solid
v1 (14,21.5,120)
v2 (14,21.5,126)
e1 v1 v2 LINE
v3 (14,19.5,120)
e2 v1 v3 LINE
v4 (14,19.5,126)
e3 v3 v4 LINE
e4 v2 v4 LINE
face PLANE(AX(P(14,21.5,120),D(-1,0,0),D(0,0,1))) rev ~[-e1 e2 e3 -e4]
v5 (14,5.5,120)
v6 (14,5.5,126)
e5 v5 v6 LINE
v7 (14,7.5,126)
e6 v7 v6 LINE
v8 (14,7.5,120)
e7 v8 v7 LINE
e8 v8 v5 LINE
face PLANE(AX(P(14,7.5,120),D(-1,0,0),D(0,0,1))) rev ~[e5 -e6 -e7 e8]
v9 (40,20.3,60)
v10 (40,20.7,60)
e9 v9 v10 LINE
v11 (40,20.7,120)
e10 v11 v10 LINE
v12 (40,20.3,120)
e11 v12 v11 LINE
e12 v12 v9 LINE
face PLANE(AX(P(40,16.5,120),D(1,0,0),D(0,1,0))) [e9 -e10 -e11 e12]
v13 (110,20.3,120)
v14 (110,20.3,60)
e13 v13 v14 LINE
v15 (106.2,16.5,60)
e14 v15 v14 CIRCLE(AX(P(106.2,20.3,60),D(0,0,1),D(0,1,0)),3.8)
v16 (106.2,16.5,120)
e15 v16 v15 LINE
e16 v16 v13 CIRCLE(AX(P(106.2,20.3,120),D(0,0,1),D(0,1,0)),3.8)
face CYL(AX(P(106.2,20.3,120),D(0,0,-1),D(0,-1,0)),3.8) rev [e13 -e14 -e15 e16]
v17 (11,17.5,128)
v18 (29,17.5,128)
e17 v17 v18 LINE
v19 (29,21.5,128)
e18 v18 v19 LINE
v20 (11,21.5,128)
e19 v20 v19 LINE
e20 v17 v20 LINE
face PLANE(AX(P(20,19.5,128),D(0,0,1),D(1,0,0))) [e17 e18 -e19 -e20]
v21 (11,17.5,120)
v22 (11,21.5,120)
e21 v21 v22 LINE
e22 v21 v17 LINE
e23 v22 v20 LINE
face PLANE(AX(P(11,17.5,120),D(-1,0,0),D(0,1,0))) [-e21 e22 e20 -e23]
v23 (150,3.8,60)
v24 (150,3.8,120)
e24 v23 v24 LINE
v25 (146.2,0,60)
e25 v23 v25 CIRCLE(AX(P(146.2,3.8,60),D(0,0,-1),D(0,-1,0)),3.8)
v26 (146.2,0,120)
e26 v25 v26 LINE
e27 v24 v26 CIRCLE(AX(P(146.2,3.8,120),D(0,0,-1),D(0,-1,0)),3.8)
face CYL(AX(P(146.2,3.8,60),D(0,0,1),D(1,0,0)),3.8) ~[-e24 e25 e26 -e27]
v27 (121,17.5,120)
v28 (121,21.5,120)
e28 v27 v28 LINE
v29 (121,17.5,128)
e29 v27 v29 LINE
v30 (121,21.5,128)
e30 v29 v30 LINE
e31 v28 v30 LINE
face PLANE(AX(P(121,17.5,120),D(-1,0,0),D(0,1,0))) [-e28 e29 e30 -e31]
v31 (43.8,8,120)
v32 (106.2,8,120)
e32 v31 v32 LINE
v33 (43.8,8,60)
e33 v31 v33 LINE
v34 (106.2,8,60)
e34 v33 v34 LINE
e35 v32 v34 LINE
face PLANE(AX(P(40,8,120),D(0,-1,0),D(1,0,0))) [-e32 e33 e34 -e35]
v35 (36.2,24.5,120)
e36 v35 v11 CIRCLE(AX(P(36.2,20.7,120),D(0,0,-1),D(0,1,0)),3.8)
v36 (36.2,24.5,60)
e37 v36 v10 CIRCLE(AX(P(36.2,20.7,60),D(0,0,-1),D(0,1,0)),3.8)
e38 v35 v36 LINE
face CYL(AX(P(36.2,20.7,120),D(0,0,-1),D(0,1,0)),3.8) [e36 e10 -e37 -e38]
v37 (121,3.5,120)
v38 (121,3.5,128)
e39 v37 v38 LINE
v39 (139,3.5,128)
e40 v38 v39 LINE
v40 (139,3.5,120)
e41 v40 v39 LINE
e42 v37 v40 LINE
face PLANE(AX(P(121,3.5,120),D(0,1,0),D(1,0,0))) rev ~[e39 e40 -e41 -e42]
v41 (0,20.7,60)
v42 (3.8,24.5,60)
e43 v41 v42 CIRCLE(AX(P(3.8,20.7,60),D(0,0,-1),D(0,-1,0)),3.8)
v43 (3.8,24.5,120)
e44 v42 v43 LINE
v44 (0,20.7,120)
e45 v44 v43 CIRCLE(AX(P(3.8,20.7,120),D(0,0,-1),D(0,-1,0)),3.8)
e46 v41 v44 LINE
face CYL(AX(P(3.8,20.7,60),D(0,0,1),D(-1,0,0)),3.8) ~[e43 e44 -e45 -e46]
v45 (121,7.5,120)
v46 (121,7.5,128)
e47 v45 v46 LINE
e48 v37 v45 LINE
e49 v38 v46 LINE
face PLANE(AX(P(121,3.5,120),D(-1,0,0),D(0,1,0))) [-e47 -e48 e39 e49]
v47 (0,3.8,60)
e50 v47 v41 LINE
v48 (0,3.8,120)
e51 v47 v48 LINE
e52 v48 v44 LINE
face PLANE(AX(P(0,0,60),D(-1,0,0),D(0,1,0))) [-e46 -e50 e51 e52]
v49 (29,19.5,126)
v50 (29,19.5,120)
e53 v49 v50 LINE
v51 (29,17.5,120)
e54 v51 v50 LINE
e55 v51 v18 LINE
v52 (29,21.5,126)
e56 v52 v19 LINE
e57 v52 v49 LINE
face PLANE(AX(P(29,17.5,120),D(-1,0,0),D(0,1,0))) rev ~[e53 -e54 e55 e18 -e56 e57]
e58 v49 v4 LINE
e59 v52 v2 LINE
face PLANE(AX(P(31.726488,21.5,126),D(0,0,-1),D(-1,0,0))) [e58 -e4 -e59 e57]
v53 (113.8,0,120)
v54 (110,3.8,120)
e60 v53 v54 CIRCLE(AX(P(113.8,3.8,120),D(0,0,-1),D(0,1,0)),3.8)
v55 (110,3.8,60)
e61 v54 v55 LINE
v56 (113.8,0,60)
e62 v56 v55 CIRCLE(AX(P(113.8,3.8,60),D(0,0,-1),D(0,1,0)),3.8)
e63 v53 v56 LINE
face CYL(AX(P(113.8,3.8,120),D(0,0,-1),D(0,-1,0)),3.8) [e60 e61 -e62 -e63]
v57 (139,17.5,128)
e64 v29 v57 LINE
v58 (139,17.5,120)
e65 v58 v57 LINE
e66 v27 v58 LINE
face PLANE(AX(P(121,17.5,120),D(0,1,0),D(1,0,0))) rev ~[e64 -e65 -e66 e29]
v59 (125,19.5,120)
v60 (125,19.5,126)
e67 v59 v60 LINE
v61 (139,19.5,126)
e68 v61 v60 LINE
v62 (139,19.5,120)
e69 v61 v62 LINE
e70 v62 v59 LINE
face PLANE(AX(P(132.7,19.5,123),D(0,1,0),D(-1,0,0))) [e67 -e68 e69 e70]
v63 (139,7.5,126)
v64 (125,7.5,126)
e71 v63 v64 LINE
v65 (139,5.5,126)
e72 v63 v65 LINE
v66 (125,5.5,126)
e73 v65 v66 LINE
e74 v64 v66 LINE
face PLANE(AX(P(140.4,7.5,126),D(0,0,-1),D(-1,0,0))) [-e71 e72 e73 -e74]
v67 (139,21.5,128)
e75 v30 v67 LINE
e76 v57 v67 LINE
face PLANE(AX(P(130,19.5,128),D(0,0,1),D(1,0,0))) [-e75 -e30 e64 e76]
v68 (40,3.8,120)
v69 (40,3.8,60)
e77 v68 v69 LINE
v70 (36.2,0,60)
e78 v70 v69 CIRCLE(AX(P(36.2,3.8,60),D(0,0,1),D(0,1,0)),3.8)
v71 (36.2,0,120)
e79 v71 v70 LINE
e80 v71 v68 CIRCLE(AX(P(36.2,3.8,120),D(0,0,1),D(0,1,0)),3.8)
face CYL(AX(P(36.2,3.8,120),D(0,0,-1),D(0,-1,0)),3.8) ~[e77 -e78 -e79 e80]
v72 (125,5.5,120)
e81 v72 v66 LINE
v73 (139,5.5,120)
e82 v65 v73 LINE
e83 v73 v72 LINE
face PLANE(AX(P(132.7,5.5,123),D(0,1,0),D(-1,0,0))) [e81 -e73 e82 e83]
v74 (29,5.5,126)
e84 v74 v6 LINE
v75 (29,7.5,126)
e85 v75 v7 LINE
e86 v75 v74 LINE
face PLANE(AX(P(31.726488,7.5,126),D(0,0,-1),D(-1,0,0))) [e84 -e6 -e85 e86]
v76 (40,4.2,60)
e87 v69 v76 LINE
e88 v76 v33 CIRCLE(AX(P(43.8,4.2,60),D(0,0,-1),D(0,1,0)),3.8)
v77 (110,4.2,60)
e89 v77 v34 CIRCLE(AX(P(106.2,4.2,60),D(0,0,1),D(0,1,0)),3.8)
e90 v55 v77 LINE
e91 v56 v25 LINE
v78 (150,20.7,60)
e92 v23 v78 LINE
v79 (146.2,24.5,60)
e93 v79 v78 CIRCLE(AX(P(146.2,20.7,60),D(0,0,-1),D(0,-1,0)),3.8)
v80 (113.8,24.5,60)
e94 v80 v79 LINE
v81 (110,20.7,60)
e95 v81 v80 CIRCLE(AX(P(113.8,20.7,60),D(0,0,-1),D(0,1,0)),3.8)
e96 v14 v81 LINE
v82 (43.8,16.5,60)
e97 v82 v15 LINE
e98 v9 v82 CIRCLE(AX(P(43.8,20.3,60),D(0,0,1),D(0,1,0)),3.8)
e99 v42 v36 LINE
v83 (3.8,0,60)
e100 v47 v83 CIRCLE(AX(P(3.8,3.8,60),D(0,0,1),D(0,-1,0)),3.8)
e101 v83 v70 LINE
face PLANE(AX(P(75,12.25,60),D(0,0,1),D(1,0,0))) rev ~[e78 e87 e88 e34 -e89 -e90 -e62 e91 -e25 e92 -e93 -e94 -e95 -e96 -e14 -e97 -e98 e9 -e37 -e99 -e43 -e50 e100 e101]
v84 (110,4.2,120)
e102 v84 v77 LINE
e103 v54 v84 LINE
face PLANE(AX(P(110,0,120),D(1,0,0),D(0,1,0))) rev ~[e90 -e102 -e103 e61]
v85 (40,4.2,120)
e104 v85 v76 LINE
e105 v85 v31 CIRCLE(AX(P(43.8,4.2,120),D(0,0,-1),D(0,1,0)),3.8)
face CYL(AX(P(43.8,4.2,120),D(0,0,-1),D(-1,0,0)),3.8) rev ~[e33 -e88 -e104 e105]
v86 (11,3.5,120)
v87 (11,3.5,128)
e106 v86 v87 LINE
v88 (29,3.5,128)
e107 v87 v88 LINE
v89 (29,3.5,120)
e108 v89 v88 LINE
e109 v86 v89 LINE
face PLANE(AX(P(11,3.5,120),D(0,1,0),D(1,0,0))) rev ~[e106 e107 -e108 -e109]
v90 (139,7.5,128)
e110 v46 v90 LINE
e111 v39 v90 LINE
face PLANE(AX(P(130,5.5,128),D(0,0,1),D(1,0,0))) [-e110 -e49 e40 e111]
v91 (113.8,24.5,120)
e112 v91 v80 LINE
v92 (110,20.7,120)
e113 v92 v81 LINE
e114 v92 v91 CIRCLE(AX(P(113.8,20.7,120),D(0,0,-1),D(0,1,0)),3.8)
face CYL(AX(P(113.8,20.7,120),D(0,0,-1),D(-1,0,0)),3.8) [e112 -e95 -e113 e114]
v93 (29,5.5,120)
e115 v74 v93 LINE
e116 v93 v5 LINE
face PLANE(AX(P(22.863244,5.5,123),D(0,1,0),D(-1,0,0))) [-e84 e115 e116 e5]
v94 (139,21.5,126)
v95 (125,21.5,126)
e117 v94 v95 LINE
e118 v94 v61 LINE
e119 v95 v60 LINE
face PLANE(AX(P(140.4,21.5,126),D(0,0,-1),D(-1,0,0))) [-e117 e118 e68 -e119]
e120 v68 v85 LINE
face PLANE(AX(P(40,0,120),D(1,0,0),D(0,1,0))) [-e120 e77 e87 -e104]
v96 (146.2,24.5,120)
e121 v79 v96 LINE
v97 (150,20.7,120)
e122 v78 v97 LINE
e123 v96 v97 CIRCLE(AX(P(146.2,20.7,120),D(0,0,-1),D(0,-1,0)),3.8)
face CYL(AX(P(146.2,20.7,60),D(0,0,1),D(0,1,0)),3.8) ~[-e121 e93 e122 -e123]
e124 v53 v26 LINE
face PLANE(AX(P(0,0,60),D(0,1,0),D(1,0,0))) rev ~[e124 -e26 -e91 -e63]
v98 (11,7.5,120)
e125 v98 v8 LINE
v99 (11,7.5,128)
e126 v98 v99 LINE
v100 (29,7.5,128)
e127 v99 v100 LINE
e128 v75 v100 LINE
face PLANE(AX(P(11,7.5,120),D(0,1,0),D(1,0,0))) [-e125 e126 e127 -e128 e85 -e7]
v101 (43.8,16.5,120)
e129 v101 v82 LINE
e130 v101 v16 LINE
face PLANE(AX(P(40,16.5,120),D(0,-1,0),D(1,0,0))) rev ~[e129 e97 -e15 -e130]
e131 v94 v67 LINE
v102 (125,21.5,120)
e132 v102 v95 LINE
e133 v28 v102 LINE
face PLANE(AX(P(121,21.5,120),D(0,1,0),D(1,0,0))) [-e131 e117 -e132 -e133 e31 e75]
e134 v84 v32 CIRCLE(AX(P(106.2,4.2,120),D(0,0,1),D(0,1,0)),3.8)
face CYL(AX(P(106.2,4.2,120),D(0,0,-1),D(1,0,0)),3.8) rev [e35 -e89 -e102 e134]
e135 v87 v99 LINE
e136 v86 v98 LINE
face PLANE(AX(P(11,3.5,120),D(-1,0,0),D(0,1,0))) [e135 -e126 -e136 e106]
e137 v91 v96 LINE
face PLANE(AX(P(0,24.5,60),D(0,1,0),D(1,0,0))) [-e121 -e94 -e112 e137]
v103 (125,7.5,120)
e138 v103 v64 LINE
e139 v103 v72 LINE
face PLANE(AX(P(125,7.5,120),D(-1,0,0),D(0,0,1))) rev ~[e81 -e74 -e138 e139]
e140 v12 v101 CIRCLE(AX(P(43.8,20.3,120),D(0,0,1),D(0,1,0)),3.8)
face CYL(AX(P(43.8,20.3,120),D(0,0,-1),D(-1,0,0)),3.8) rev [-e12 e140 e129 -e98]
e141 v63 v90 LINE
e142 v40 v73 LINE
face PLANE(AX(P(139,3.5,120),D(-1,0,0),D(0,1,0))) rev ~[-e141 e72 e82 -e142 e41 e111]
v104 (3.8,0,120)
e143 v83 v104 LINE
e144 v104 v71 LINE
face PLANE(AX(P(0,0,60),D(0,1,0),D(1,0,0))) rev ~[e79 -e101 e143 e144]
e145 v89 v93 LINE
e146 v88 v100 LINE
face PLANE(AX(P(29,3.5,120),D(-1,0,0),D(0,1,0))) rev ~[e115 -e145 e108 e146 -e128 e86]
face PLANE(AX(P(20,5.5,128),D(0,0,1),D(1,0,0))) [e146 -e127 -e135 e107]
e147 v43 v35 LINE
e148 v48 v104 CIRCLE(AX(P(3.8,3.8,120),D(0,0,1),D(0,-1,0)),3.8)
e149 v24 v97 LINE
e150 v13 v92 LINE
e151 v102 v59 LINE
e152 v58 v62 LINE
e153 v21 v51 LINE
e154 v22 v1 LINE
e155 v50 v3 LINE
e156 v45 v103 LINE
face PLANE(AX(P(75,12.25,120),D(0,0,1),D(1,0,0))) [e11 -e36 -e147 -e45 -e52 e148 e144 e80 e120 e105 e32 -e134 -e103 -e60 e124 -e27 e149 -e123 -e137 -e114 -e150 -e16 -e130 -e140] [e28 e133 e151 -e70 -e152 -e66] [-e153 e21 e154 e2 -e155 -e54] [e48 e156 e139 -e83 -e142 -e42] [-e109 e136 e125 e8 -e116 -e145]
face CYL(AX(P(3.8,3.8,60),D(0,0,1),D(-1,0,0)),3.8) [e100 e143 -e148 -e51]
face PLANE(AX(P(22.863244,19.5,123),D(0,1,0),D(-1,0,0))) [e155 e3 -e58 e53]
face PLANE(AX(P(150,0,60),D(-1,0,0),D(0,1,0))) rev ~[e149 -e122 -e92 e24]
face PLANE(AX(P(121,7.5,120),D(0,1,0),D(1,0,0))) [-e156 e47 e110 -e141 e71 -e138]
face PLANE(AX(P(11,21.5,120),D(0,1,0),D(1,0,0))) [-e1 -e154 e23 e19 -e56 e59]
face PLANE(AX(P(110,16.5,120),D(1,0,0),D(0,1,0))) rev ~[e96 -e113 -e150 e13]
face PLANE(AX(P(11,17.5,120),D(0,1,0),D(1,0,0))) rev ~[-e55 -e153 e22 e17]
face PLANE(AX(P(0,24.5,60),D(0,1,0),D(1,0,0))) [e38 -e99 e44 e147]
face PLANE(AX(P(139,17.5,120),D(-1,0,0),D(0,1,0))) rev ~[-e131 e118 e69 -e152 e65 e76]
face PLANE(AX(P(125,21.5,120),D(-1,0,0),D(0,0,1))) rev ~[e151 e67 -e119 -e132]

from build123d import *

# Parameters (mm, degrees)
SKETCH001_W     = 150
SKETCH001_H     = 24.5
PAD_DEPTH       = 60
SKETCH_W        = 18
SKETCH_H        = 4
PAD001_DEPTH    = 8
SKETCH002_W     = 15.4
SKETCH002_H     = 6
SKETCH002_W_2   = 17.726488
POCKET_DEPTH    = 2
SKETCH003_W     = 15.4
SKETCH003_H     = 6
SKETCH003_W_2   = 17.726488
POCKET001_DEPTH = 2
SKETCH004_W     = 70
SKETCH004_H     = 8
POCKET002_DEPTH = 60.001
FILLET_R        = 3.8


with BuildPart() as part:
    # Sketch001 → Pad (new body)
    with BuildSketch(Plane.XY.offset(60)):
        with Locations((75, 12.25)):
            Rectangle(SKETCH001_W, SKETCH001_H)
    extrude(amount=PAD_DEPTH)

    # Sketch → Pad001 (new body)
    with BuildSketch(Plane.XY.offset(120)):
        with Locations((20, 5.5)):
            Rectangle(SKETCH_W, SKETCH_H)
        with Locations((20, 19.5)):
            Rectangle(SKETCH_W, SKETCH_H)
        with Locations((130, 19.5)):
            Rectangle(SKETCH_W, SKETCH_H)
        with Locations((130, 5.5)):
            Rectangle(SKETCH_W, SKETCH_H)
    extrude(amount=PAD001_DEPTH)

    # Sketch002 → Pocket (cut)
    with BuildSketch(Plane(origin=(0, 21.5, 60), x_dir=(-1, 0, 0), z_dir=(0, 1, 0))):
        with Locations((-132.7, 63)):
            Rectangle(SKETCH002_W, SKETCH002_H)
        with Locations((-22.863244, 63)):
            Rectangle(SKETCH002_W_2, SKETCH002_H)
    extrude(amount=-POCKET_DEPTH, mode=Mode.SUBTRACT)

    # Sketch003 → Pocket001 (cut)
    with BuildSketch(Plane(origin=(0, 7.5, 60), x_dir=(-1, 0, 0), z_dir=(0, 1, 0))):
        with Locations((-132.7, 63)):
            Rectangle(SKETCH003_W, SKETCH003_H)
        with Locations((-22.863244, 63)):
            Rectangle(SKETCH003_W_2, SKETCH003_H)
    extrude(amount=-POCKET001_DEPTH, mode=Mode.SUBTRACT)

    # Sketch004 → Pocket002 (cut, through all)
    with BuildSketch(Plane.XY.offset(120)):
        with Locations((75, 20.5)):
            Rectangle(SKETCH004_W, SKETCH004_H)
        with Locations((75, 4)):
            Rectangle(SKETCH004_W, SKETCH004_H)
    extrude(amount=-POCKET002_DEPTH, mode=Mode.SUBTRACT)

    # Fillet
    fillet_edges = [part.edges().sort_by_distance(p)[0] for p in [
        (150, 0, 90),
        (110, 0, 90),
        (110, 8, 90),
        (110, 16.5, 90),
        (110, 24.5, 90),
        (150, 24.5, 90),
        (0, 0, 90),
        (0, 24.5, 90),
        (40, 24.5, 90),
        (40, 0, 90),
        (40, 8, 90),
        (40, 16.5, 90),
    ]]
    fillet(fillet_edges, radius=FILLET_R)


solid = part.part
